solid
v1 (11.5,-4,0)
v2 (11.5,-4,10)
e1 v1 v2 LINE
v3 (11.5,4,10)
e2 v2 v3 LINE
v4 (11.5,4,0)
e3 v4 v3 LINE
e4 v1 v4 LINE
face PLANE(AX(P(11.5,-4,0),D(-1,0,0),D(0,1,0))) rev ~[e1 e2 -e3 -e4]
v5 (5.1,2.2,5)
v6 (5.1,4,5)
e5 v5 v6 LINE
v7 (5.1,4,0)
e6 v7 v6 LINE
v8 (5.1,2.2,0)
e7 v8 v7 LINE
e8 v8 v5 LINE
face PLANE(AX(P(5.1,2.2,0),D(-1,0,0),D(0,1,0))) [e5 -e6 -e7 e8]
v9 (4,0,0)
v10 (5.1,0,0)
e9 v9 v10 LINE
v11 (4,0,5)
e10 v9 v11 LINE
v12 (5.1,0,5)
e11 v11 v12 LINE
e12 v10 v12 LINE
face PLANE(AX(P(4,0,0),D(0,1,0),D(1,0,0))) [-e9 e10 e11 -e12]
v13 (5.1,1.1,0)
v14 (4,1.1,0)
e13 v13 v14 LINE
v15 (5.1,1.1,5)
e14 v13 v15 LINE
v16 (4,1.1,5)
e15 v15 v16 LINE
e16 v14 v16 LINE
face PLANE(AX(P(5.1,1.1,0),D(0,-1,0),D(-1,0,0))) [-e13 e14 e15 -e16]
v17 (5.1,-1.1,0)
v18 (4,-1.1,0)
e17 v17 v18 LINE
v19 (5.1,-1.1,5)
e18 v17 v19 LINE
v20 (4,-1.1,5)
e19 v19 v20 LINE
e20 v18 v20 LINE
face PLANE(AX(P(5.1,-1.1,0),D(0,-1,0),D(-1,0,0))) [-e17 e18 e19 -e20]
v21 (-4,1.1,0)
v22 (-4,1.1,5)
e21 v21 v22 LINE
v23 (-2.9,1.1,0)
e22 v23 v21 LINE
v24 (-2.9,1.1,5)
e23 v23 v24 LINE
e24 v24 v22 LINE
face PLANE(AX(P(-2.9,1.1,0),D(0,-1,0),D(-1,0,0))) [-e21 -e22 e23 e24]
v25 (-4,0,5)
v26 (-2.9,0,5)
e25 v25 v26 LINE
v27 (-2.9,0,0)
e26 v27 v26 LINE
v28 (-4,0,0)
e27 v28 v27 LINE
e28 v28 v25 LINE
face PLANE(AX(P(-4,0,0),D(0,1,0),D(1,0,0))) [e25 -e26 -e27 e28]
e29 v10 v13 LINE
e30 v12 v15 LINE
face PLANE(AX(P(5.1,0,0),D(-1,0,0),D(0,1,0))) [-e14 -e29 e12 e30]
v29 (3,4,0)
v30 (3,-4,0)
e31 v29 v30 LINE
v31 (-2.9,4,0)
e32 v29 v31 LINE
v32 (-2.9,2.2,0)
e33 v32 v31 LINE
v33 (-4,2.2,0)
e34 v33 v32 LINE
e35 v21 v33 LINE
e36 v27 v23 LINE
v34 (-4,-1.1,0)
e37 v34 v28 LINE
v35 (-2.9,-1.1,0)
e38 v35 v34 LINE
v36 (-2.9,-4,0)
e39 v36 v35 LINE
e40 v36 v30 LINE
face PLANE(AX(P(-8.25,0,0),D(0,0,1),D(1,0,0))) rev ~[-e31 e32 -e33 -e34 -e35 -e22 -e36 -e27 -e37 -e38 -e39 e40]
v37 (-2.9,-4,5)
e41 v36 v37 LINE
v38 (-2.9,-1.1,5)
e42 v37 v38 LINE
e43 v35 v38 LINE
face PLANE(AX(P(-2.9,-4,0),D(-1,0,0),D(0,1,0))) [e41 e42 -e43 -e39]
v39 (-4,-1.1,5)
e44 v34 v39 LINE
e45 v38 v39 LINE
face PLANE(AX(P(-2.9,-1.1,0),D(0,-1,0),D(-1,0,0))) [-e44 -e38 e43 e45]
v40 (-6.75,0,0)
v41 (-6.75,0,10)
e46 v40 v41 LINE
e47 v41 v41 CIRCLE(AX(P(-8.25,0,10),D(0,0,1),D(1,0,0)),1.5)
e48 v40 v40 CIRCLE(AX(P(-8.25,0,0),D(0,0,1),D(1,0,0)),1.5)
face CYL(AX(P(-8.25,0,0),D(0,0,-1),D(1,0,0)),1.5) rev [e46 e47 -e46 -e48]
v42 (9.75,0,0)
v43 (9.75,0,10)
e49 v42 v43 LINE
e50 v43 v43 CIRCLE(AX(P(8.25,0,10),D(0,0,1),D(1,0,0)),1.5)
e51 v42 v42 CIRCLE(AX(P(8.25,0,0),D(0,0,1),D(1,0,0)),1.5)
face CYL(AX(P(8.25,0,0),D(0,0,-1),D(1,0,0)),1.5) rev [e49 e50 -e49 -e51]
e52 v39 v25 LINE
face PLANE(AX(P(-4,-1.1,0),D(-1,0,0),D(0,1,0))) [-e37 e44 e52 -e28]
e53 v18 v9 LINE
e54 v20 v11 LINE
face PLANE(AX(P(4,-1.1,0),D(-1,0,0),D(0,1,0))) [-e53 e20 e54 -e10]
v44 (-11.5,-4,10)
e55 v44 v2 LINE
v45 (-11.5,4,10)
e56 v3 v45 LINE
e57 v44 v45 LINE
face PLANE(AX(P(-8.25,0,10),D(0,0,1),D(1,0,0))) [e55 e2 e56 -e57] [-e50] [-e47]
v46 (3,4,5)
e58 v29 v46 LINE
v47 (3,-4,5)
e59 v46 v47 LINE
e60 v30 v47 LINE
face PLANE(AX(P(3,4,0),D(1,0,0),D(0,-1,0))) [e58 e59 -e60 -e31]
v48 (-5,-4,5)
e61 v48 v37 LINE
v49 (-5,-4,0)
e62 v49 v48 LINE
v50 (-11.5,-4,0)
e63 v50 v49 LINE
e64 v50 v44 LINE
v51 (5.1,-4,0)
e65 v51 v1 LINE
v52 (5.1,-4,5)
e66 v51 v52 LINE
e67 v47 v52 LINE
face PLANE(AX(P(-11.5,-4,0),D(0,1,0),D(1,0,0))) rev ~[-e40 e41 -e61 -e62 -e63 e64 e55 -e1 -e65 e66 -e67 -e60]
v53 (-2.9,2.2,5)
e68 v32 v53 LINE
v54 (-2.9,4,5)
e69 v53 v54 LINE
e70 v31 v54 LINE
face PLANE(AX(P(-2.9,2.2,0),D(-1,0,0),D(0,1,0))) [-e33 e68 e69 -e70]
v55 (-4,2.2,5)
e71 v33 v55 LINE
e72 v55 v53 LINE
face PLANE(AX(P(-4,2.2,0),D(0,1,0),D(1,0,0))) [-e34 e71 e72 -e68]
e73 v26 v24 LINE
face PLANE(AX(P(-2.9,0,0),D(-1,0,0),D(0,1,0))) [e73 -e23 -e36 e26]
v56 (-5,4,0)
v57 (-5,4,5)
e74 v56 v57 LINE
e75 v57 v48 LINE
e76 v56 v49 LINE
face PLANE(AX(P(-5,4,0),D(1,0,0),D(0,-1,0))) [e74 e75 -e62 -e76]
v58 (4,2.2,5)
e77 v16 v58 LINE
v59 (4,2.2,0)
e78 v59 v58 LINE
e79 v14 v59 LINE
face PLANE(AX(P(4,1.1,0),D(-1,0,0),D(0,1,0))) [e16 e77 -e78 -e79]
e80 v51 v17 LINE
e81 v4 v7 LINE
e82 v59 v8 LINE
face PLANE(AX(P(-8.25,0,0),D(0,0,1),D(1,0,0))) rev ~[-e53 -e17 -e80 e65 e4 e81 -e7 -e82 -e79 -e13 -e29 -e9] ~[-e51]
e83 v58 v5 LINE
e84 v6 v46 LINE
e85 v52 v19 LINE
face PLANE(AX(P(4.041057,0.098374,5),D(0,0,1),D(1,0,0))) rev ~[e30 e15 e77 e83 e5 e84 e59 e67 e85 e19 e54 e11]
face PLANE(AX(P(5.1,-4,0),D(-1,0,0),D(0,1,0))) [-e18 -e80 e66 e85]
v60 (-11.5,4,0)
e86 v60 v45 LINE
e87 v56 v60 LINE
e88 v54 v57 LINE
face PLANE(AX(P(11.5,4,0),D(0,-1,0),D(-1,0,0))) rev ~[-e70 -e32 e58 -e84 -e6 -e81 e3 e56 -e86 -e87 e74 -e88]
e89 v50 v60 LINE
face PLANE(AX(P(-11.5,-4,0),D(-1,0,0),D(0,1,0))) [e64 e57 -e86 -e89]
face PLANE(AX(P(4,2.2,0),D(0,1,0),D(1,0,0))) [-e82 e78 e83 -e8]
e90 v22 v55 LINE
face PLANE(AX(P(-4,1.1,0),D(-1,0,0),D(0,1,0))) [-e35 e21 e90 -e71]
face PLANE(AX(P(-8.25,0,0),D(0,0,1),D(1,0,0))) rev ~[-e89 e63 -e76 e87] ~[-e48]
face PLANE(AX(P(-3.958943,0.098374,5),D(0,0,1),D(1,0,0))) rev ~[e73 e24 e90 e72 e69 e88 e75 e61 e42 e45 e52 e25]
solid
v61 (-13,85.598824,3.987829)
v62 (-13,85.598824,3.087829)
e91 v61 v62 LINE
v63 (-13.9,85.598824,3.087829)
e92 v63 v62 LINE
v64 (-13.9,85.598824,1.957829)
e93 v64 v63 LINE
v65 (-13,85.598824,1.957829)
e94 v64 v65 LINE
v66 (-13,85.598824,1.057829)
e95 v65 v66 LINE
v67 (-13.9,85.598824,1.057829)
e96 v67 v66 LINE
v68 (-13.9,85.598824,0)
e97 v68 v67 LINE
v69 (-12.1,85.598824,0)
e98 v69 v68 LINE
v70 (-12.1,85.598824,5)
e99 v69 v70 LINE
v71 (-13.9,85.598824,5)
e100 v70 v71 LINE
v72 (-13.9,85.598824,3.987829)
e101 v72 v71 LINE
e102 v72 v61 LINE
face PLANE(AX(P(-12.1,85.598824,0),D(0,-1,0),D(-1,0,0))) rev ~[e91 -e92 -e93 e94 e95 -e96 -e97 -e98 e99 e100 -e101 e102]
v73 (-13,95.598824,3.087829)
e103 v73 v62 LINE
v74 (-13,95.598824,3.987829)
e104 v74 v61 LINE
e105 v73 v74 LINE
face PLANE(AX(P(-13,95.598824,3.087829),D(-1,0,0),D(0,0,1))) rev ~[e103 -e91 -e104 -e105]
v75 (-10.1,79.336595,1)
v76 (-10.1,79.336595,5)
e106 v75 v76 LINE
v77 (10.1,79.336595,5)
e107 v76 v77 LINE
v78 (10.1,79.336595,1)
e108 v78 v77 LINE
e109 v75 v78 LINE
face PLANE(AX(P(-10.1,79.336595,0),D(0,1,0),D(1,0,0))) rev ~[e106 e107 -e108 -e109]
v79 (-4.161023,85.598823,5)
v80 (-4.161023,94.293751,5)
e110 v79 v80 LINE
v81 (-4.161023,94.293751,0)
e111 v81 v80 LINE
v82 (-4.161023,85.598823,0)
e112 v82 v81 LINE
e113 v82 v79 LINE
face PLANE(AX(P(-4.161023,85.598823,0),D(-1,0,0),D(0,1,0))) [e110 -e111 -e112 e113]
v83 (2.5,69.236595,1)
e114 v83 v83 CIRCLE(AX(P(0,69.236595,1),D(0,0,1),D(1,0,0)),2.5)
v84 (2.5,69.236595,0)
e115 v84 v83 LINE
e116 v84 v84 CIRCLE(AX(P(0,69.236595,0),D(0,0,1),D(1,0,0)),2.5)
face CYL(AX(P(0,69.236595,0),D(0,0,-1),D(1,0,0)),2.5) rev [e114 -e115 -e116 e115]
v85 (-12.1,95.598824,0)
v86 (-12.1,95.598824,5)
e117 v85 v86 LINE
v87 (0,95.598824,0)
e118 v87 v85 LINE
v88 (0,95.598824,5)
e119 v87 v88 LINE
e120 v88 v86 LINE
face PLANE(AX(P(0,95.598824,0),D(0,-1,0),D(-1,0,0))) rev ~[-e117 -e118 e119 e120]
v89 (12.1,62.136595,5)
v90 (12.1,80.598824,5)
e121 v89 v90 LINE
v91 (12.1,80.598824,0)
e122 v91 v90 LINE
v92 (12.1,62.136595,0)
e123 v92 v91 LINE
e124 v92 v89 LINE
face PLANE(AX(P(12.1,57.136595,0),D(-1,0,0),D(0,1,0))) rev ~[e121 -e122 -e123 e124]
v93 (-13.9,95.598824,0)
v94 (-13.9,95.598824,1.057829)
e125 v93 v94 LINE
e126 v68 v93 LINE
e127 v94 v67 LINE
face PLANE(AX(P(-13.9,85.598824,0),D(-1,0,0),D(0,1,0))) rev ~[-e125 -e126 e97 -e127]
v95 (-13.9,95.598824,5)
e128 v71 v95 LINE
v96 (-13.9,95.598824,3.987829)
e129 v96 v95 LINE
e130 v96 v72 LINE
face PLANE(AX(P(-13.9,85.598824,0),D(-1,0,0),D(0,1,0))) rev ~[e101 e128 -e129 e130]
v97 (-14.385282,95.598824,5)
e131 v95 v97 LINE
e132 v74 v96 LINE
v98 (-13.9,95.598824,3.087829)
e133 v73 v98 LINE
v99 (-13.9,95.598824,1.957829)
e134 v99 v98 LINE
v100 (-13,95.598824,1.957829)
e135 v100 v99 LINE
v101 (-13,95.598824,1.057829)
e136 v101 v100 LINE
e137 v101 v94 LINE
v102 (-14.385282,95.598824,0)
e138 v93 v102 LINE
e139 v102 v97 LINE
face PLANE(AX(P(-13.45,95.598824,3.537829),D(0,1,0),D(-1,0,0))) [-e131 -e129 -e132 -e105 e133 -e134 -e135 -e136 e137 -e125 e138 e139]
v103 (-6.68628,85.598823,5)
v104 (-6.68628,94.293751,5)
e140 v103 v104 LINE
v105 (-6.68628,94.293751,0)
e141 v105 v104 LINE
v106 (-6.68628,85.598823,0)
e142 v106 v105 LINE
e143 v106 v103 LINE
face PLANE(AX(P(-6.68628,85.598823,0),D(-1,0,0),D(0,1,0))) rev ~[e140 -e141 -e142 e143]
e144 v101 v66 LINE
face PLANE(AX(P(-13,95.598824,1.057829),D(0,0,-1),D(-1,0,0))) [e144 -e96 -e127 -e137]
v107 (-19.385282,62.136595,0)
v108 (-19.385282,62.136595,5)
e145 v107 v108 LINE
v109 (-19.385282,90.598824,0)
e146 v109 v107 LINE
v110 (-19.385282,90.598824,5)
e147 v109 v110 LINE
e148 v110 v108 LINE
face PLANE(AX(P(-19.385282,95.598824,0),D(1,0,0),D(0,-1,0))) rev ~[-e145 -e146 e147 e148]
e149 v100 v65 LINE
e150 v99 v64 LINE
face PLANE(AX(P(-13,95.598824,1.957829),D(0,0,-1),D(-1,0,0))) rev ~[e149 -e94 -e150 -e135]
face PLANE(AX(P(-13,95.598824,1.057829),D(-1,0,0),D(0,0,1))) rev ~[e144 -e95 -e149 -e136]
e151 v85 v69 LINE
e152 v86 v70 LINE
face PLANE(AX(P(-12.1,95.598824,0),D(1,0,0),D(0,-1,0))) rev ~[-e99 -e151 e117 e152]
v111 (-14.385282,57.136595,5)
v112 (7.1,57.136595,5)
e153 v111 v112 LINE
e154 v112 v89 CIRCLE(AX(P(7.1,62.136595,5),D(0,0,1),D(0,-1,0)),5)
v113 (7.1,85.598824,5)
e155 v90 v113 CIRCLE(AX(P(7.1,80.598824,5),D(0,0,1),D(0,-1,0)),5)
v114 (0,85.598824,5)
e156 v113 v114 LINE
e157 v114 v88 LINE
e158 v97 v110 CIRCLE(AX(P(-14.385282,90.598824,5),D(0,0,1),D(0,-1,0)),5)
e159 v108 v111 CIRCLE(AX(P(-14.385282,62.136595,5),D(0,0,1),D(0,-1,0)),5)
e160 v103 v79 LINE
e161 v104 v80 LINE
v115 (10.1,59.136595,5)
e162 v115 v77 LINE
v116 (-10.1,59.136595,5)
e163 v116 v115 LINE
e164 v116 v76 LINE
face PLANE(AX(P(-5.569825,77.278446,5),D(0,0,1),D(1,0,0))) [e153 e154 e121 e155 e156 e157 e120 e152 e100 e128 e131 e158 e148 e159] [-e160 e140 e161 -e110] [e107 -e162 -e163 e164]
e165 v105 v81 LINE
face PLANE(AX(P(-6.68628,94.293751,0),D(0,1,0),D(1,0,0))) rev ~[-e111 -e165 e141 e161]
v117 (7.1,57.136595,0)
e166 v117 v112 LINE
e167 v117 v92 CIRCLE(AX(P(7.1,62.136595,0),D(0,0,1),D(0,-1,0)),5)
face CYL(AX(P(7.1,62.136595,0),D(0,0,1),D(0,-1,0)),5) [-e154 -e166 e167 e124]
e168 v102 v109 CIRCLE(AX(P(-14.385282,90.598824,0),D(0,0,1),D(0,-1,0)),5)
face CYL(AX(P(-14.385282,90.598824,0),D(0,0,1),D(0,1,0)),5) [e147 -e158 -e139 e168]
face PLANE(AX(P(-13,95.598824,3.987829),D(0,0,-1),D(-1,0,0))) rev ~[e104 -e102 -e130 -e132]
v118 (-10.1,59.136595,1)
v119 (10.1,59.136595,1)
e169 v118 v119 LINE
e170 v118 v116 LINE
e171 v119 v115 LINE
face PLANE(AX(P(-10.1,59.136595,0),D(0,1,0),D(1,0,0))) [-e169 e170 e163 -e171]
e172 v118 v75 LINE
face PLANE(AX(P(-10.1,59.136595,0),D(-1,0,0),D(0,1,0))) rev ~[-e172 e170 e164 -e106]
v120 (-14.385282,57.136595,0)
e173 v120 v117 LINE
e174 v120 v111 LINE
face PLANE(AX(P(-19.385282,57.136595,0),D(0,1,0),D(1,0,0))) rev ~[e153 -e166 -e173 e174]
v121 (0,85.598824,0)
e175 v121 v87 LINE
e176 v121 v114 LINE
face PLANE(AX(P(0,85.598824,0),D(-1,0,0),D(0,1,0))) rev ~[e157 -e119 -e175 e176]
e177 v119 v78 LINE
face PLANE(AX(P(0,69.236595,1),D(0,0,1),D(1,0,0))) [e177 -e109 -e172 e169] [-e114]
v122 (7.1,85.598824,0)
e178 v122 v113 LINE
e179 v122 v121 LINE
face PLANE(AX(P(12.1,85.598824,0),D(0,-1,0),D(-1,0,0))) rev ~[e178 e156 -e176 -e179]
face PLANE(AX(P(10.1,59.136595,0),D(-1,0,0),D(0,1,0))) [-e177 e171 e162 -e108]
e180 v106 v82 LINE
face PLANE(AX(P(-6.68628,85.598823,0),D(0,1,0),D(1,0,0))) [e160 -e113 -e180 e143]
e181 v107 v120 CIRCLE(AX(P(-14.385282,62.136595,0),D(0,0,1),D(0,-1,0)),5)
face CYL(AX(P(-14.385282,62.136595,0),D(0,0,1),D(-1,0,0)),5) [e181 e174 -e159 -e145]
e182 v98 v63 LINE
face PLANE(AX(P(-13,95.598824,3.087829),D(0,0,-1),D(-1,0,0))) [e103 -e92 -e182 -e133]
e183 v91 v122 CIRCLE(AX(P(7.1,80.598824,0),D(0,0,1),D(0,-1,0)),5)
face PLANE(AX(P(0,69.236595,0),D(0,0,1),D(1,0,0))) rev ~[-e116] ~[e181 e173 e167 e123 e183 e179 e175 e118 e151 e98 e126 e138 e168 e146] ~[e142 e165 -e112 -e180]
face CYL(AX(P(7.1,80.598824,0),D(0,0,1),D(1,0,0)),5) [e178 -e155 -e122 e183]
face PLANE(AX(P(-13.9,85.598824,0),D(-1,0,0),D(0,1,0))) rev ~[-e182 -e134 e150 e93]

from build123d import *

# Parameters (mm, degrees)
F0_W     = 6.5
F0_H     = 8
F0_R     = 1.5
F1_DEPTH = 10
F2_DEPTH = 5
F3_W     = 20.2
F3_H     = 20.2
F3_W_2   = 2.525257
F3_H_2   = 8.694927
F4_DEPTH = 5
F3_R     = 2.5
F5_DEPTH = 1
F6_W     = 0.9
F6_H     = 0.9
F7_DEPTH = 12
F8_R     = 5


with BuildPart() as f1:
    # F0 (on Top) → F1 (new body)
    with BuildSketch(Plane.XY):
        with Locations((-8.25, 0)):
            Rectangle(F0_W, F0_H)
        with Locations((-8.25, 0)):
            Circle(F0_R, mode=Mode.SUBTRACT)
        Polygon((-2.9, 4), (-5, 4), (-5, -4), (-2.9, -4), (-2.9, -1.1), (-4, -1.1), (-4, 0), (-2.9, 0), (-2.9, 1.1), (-4, 1.1), (-4, 2.2), (-2.9, 2.2), align=None)
        Polygon((5.1, 4), (3, 4), (3, -4), (5.1, -4), (5.1, -1.1), (4, -1.1), (4, 0), (5.1, 0), (5.1, 1.1), (4, 1.1), (4, 2.2), (5.1, 2.2), align=None)
        Polygon((11.5, 4), (5.1, 4), (5.1, 2.2), (4, 2.2), (4, 1.1), (5.1, 1.1), (5.1, 0), (4, 0), (4, -1.1), (5.1, -1.1), (5.1, -4), (11.5, -4), align=None)
        with Locations((8.25, 0)):
            Circle(F0_R, mode=Mode.SUBTRACT)
        Polygon((3, 4), (-2.9, 4), (-2.9, 2.2), (-4, 2.2), (-4, 1.1), (-2.9, 1.1), (-2.9, 0), (-4, 0), (-4, -1.1), (-2.9, -1.1), (-2.9, -4), (3, -4), align=None)
    extrude(amount=F1_DEPTH)

    # F0 (on Top) → F2 (cut)
    with BuildSketch(Plane.XY):
        Polygon((-2.9, 4), (-5, 4), (-5, -4), (-2.9, -4), (-2.9, -1.1), (-4, -1.1), (-4, 0), (-2.9, 0), (-2.9, 1.1), (-4, 1.1), (-4, 2.2), (-2.9, 2.2), align=None)
        Polygon((5.1, 4), (3, 4), (3, -4), (5.1, -4), (5.1, -1.1), (4, -1.1), (4, 0), (5.1, 0), (5.1, 1.1), (4, 1.1), (4, 2.2), (5.1, 2.2), align=None)
    extrude(amount=F2_DEPTH, mode=Mode.SUBTRACT)


with BuildPart() as f4:
    # F3 (on Top) → F4 (new body)
    with BuildSketch(Plane.XY):
        Polygon((0, 85.598824), (0, 95.598824), (-12.1, 95.598824), (-12.1, 85.598824), (-13.9, 85.598824), (-13.9, 95.598824), (-19.385282, 95.598824), (-19.385282, 57.136595), (-12.1, 57.136595), (12.1, 57.136595), (12.1, 85.598824), align=None)
        with Locations((0, 69.236595)):
            Rectangle(F3_W, F3_H, mode=Mode.SUBTRACT)
        with Locations((-5.423652, 89.946287)):
            Rectangle(F3_W_2, F3_H_2, mode=Mode.SUBTRACT)
    extrude(amount=F4_DEPTH)

    # F3 (on Top) → F5 (join)
    with BuildSketch(Plane.XY):
        with Locations((0, 69.236595)):
            Rectangle(F3_W, F3_H)
        with Locations((0, 69.236595)):
            Circle(F3_R, mode=Mode.SUBTRACT)
    extrude(amount=F5_DEPTH)

    # F6 (on face) → F7 (join)
    with BuildSketch(Plane(origin=(0, 95.598824, 0), x_dir=(-1, 0, 0), z_dir=(0, 1, 0))):
        with Locations((13.45, 3.537829)):
            Rectangle(F6_W, F6_H)
        with Locations((13.45, 1.507829)):
            Rectangle(F6_W, F6_H)
    extrude(amount=-F7_DEPTH)

    # F8
    f8_edges = [f4.edges().sort_by_distance(p)[0] for p in [
        (-19.385282, 57.136595, 2.5),
        (12.1, 57.136595, 2.5),
        (12.1, 85.598824, 2.5),
        (-19.385282, 95.598824, 2.5),
    ]]
    fillet(f8_edges, radius=F8_R)


solid = Compound([f1.part, f4.part])
